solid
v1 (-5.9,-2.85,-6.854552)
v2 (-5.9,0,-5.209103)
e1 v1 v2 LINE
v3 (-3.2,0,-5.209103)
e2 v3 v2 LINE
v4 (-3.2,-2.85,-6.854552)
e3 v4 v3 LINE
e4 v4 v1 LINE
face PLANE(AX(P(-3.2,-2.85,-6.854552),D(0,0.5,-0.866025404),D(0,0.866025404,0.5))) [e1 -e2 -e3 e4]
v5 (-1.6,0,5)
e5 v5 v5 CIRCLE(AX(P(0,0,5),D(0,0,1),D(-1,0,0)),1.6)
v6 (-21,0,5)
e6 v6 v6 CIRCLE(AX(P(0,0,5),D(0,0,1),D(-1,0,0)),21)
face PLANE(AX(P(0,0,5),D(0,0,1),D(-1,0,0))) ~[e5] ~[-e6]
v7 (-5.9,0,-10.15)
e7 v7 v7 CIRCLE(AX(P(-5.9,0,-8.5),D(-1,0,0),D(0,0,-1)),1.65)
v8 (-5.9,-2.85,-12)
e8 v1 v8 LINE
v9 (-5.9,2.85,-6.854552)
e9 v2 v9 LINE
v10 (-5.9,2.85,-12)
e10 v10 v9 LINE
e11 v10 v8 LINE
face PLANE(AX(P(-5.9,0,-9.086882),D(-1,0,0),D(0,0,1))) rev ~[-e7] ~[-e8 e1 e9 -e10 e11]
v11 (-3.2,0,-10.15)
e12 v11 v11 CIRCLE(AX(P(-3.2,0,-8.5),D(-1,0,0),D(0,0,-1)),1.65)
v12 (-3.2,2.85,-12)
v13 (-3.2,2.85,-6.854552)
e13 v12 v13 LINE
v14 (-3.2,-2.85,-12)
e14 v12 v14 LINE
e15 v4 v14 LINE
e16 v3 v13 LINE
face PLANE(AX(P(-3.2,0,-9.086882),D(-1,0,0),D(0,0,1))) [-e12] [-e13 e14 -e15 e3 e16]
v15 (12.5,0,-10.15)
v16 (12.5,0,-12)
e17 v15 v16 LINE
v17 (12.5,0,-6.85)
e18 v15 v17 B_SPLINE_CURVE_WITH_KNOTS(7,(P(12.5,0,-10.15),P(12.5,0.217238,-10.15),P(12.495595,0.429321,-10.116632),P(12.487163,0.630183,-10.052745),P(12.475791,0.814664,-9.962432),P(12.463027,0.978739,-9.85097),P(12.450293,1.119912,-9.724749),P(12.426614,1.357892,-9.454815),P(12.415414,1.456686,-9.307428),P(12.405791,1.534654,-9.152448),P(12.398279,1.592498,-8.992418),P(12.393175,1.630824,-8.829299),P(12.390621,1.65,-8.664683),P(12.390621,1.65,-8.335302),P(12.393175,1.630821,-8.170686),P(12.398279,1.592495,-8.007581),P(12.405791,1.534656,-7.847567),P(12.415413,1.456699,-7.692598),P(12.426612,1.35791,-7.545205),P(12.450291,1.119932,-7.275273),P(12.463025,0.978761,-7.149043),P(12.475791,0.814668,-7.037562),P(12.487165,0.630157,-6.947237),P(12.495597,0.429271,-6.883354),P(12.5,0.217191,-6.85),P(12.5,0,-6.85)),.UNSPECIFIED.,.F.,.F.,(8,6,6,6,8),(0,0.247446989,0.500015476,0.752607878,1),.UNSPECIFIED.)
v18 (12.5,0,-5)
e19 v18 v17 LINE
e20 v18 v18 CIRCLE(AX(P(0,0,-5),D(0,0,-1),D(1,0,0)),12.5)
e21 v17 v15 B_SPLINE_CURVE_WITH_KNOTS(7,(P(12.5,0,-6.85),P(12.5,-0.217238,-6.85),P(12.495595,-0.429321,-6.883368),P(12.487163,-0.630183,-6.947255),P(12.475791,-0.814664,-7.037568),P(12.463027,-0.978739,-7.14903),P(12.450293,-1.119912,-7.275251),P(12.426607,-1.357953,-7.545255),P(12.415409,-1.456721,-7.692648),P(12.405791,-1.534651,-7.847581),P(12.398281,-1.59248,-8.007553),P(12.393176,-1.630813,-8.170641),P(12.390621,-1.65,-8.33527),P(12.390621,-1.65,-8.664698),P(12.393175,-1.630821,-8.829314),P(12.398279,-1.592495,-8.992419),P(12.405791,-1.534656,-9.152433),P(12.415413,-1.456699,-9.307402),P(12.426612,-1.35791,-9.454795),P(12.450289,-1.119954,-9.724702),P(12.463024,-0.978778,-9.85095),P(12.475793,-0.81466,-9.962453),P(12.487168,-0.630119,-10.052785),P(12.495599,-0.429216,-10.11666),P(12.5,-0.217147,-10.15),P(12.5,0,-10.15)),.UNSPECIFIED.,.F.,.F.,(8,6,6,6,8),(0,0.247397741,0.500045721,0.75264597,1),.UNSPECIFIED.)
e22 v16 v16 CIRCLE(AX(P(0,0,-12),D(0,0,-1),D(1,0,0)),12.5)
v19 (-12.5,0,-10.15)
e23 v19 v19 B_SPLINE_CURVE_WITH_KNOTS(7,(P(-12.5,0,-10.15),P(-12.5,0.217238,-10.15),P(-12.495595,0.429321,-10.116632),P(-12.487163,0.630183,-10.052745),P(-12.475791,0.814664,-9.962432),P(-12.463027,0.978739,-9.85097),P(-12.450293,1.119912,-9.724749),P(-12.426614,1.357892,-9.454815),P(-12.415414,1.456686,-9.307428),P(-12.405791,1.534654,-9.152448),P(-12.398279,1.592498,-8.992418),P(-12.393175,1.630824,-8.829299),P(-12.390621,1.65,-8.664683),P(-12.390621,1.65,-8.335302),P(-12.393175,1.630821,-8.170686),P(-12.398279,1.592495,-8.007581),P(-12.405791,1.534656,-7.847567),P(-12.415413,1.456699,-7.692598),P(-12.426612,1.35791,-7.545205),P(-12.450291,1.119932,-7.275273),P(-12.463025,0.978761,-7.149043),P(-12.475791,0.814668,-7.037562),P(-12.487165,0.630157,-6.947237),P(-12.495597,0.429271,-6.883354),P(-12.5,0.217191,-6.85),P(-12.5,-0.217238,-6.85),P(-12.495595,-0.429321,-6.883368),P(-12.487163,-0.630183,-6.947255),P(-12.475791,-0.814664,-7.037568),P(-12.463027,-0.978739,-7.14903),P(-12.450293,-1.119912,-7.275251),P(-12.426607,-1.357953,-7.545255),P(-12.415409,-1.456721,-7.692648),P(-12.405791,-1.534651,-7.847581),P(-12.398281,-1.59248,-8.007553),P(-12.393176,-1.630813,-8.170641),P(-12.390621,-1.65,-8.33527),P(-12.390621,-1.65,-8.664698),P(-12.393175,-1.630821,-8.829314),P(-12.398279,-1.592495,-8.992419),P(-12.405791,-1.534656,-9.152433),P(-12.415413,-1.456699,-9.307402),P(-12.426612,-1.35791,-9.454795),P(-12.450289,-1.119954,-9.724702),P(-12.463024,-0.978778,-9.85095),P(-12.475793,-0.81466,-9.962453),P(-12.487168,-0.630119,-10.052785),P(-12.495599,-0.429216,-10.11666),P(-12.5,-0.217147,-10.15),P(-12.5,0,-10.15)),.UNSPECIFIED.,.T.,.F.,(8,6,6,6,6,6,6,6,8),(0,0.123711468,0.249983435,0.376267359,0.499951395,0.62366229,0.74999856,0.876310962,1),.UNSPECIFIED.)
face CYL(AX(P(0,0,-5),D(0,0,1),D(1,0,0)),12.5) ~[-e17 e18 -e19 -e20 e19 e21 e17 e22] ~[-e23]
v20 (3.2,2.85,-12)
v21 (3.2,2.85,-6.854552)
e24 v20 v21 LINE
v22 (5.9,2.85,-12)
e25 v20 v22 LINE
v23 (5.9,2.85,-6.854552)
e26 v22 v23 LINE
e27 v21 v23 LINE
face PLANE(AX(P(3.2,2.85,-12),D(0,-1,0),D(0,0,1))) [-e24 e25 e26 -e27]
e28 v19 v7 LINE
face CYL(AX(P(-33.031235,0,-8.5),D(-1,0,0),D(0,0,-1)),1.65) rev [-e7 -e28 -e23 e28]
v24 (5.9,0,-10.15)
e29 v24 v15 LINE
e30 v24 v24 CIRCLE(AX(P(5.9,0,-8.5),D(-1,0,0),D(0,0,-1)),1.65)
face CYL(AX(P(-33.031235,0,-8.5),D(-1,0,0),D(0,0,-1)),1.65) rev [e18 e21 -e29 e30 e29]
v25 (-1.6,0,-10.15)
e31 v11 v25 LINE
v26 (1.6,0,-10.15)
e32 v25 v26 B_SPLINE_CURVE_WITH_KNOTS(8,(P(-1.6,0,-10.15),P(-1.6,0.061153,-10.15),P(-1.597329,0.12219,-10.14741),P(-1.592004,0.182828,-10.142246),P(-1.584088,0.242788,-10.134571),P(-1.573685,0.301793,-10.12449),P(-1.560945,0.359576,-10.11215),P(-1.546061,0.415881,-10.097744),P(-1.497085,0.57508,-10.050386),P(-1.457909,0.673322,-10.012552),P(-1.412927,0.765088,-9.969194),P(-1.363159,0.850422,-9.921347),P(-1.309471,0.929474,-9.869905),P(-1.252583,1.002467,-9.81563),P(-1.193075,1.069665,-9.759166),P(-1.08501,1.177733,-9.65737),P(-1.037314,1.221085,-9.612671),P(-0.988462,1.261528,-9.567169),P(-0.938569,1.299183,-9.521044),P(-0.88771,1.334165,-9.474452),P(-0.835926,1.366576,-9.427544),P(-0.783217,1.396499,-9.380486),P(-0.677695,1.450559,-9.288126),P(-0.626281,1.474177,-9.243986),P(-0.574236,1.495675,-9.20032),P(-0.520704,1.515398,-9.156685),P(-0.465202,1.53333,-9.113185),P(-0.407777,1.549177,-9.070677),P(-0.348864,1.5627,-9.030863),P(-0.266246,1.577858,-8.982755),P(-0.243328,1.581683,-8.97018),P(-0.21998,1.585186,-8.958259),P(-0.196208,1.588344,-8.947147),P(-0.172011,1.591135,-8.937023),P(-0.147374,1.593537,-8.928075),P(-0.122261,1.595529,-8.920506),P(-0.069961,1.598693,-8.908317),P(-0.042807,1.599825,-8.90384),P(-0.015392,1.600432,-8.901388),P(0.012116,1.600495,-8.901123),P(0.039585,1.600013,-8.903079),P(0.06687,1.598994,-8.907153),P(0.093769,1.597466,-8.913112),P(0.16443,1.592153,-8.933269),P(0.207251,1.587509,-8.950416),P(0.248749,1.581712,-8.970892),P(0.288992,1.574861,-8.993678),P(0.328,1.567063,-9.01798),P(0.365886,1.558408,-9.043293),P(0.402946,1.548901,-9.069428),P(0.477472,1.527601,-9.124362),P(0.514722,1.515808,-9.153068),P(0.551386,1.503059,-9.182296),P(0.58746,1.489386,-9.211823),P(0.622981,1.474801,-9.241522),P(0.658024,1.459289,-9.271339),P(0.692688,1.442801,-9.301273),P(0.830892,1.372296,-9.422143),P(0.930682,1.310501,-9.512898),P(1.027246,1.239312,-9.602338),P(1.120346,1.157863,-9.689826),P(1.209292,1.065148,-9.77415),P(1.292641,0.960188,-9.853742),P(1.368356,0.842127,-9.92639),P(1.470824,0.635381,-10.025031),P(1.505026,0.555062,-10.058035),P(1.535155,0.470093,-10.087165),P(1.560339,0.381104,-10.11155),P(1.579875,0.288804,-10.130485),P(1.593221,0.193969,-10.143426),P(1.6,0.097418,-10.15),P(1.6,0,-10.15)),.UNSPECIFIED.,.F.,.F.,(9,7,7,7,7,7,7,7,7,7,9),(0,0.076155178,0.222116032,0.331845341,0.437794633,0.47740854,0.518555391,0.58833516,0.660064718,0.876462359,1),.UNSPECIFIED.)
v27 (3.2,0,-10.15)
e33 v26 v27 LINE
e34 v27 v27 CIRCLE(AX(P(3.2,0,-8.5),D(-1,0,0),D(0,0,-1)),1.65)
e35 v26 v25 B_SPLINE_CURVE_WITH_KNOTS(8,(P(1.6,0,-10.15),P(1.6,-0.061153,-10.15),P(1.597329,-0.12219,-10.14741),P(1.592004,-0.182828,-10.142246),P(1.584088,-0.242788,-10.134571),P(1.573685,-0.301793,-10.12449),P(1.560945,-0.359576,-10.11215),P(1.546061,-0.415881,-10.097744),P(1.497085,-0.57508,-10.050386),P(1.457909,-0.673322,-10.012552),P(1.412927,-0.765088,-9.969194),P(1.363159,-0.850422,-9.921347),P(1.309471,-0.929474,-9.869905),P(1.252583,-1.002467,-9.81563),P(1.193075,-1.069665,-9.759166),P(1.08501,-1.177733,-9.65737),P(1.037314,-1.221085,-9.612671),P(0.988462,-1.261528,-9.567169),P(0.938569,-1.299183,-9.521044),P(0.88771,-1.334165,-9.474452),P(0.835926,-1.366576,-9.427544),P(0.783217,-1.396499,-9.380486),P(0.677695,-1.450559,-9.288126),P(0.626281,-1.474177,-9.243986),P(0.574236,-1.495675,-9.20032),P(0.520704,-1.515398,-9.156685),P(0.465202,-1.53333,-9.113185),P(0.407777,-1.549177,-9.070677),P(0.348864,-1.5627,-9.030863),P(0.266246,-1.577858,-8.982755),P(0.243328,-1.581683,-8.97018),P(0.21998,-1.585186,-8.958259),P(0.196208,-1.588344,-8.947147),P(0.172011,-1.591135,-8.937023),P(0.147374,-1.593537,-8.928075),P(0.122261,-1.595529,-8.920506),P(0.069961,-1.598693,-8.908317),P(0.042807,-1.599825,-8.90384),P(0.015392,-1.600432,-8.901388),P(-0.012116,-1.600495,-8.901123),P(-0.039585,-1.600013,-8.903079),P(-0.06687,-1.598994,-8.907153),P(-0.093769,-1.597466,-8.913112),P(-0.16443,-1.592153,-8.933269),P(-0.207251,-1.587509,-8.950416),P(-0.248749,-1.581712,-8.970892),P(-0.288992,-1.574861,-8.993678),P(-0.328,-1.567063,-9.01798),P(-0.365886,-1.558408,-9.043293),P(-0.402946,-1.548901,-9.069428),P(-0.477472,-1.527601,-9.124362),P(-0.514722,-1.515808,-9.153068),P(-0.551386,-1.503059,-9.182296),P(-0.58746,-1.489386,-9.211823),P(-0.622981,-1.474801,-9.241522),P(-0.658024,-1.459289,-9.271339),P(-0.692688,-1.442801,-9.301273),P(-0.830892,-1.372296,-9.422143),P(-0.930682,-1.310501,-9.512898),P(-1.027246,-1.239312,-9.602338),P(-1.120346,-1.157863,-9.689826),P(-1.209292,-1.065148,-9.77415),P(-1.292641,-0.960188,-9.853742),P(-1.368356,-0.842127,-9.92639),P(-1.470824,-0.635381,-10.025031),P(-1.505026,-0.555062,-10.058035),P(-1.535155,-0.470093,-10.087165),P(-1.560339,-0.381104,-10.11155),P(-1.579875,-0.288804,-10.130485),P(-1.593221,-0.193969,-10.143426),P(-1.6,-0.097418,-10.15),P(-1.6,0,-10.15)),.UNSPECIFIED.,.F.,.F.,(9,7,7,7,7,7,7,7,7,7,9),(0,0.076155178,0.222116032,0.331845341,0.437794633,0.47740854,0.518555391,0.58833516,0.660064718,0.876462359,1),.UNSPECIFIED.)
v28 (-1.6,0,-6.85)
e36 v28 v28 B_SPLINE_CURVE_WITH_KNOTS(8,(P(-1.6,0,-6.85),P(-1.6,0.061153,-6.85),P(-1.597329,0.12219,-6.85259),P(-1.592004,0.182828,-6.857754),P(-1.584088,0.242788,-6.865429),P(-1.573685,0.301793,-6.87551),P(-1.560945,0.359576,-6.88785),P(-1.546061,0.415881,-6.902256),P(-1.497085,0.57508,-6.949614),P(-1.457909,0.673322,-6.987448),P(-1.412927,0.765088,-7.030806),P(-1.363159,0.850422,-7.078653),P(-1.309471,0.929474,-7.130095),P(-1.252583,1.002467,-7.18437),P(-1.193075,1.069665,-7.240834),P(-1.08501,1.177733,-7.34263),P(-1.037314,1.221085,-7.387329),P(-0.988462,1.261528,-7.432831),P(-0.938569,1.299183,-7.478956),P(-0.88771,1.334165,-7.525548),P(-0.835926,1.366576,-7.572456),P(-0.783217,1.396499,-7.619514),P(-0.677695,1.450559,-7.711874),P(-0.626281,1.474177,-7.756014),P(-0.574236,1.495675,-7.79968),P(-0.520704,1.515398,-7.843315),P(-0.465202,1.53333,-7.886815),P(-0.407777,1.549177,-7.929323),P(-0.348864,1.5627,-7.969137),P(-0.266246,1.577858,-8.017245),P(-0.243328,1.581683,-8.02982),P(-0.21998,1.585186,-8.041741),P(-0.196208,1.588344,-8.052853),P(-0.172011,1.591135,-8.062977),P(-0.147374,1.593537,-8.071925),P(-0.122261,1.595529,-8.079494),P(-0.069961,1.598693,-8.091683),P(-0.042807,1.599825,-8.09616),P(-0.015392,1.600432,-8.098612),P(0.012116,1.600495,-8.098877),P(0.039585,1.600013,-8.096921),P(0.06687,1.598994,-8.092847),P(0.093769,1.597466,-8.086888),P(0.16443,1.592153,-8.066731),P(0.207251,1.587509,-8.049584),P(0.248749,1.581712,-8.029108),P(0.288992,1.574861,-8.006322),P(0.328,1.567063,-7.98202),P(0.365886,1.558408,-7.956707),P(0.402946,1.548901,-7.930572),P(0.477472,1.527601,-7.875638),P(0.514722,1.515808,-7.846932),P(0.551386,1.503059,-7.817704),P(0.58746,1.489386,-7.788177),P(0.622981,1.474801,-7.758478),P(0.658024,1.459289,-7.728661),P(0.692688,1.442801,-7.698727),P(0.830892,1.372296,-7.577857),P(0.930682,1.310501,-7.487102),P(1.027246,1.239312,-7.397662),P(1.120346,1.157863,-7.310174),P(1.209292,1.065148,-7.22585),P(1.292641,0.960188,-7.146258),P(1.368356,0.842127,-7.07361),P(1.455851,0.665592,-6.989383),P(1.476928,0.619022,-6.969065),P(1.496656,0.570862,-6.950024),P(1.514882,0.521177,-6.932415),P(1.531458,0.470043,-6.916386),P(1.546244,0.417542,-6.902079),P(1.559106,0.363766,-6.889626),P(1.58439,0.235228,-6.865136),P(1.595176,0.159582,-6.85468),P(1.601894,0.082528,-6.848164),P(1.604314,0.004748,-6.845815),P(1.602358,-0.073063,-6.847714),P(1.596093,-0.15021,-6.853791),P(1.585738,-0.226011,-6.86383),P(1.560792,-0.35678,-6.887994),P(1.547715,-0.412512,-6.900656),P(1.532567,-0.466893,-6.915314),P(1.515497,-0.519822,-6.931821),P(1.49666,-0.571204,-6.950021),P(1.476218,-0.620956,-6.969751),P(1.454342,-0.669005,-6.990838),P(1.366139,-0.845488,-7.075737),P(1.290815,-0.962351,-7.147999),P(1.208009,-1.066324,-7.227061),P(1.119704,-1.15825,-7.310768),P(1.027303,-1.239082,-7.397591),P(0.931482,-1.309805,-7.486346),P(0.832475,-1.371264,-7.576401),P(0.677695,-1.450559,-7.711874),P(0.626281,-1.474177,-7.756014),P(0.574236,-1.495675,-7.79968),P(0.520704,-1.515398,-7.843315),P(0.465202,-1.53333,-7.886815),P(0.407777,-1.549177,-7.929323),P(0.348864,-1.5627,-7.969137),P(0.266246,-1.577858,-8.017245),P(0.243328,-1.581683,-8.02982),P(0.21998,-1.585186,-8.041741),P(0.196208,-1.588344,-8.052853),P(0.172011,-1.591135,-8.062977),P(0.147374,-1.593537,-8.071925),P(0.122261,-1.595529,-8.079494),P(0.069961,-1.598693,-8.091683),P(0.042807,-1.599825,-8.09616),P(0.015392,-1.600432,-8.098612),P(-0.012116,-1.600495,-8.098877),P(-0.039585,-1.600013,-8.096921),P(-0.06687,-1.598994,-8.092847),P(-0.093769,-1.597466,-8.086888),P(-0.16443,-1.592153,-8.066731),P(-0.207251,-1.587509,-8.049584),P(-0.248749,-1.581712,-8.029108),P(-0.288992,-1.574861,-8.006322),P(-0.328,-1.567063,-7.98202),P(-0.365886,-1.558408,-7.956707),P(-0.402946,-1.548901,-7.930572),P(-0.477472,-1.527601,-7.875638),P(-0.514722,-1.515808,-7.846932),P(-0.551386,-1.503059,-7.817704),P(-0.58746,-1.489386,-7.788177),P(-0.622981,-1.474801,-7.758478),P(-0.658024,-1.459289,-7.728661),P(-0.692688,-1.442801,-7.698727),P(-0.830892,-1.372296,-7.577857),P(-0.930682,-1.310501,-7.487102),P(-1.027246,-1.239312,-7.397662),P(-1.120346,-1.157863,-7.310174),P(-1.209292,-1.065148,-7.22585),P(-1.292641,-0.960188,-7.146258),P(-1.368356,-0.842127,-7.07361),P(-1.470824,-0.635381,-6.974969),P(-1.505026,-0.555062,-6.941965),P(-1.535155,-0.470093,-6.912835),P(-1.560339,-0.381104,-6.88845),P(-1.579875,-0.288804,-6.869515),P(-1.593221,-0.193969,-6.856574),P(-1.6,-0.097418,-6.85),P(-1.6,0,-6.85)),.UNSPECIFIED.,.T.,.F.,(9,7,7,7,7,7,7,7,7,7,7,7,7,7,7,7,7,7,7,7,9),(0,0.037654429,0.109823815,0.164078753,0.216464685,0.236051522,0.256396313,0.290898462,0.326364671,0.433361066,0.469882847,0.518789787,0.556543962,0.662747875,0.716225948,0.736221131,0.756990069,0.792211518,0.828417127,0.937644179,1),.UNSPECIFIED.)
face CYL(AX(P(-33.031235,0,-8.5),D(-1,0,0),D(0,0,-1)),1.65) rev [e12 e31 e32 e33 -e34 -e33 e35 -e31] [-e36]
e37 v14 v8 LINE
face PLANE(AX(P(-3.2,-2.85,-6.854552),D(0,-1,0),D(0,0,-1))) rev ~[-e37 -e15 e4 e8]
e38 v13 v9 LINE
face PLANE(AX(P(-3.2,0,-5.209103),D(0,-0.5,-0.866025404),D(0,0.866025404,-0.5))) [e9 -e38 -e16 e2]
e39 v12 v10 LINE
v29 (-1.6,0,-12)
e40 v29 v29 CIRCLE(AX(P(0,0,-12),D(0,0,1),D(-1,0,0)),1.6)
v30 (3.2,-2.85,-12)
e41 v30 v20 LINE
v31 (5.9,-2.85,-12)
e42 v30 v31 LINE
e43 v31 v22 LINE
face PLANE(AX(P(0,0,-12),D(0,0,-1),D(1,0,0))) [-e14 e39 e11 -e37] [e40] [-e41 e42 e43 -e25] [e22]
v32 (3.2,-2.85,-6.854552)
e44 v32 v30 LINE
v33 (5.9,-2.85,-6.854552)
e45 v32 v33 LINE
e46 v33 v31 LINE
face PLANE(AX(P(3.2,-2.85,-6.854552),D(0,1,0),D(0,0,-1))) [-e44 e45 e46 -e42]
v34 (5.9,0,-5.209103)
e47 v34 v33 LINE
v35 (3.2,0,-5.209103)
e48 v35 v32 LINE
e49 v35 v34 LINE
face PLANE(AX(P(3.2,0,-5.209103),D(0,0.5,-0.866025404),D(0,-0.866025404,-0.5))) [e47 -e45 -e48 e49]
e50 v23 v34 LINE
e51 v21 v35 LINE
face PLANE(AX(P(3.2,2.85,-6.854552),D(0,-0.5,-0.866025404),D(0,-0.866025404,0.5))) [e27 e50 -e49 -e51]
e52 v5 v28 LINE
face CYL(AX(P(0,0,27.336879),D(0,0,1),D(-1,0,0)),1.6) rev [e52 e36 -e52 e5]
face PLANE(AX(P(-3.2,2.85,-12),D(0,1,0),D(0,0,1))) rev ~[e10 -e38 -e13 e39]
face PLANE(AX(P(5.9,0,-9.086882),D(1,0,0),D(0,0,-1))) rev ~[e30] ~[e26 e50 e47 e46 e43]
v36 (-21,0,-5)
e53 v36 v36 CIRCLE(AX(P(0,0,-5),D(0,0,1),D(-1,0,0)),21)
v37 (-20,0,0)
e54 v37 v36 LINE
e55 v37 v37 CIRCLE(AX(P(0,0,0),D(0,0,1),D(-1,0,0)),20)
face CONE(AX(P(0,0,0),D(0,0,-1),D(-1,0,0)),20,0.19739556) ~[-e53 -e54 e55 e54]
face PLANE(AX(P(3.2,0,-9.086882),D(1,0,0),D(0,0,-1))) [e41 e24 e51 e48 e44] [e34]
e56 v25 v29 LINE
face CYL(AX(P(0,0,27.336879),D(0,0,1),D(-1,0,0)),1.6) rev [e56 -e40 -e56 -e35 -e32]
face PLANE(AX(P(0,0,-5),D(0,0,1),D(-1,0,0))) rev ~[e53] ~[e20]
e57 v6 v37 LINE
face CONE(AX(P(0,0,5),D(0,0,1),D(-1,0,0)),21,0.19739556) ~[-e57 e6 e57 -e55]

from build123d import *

# Parameters (mm, degrees)
SKETCH4_R               = 12.5
BOSS_EXTRUDE1_DEPTH     = 7
CUT_EXTRUDE1_DEPTH      = 32.336879232
CUT_EXTRUDE1_DEPTH_BACK = 32.336879232
SKETCH3_R               = 1.6
CUT_EXTRUDE2_DEPTH      = 33.031234756
CUT_EXTRUDE2_DEPTH_BACK = 33.031234756
SKETCH5_R               = 1.65
CUT_EXTRUDE3_DEPTH      = 2.7
CUT_EXTRUDE4_DEPTH      = 2.7


with BuildPart() as part:
    # Sketch2 → Revolve1 (revolve)
    with BuildSketch(Plane(origin=(0, 0, 0), x_dir=(1, 0, 0), z_dir=(0, 1, 0)), mode=Mode.PRIVATE) as revolve1_sk:
        Polygon((0, 5), (0, -5), (21, -5), (20, 0), (21, 5), align=None)
    revolve(revolve1_sk.sketch.rotate(Axis((0, 0, -5), (0, 0, 1)), 180), axis=Axis((0, 0, -5), (0, 0, 1)))

    # Sketch4 → Boss-Extrude1 (add)
    with BuildSketch(Plane(origin=(0, 0, -5), x_dir=(-1, 0, 0), z_dir=(0, 0, -1))):
        with Locations(Location((0, 0, 0), (0, 0, 180))):
            Circle(SKETCH4_R)
    extrude(amount=BOSS_EXTRUDE1_DEPTH)

    # Sketch3 → Cut-Extrude1 (cut, two sides: drawn at the far end of the back side and taken through both)
    with BuildSketch(Plane(origin=(0, 0, -5), x_dir=(-1, 0, 0), z_dir=(0, 0, -1)).offset(-CUT_EXTRUDE1_DEPTH_BACK)):
        Circle(SKETCH3_R)
    extrude(amount=CUT_EXTRUDE1_DEPTH + CUT_EXTRUDE1_DEPTH_BACK, mode=Mode.SUBTRACT)

    # Sketch5 → Cut-Extrude2 (cut, two sides: drawn at the far end of the back side and taken through both)
    with BuildSketch(Plane(origin=(0, 0, 0), x_dir=(0, 0, -1), z_dir=(1, 0, 0)).offset(-CUT_EXTRUDE2_DEPTH_BACK)):
        with Locations((8.5, 0)):
            Circle(SKETCH5_R)
    extrude(amount=CUT_EXTRUDE2_DEPTH + CUT_EXTRUDE2_DEPTH_BACK, mode=Mode.SUBTRACT)

    # Sketch6 → Cut-Extrude3 (cut)
    with BuildSketch(Plane(origin=(-3.2, 0, 0), x_dir=(0, 0, -1), z_dir=(1, 0, 0))):
        Polygon((10.145448267, 2.85), (12, 2.85), (12, -2.85), (10.145448267, -2.85), (6.854551733, -2.85), (5.209103466, 0), (6.854551733, 2.85), align=None)
    extrude(amount=-CUT_EXTRUDE3_DEPTH, mode=Mode.SUBTRACT)

    # Sketch7 → Cut-Extrude4 (cut)
    with BuildSketch(Plane(origin=(3.2, 0, 0), x_dir=(0, 0, -1), z_dir=(1, 0, 0))):
        Polygon((12, 2.85), (10.145448267, 2.85), (6.854551733, 2.85), (5.209103466, 0), (6.854551733, -2.85), (10.145448267, -2.85), (12, -2.85), align=None)
    extrude(amount=CUT_EXTRUDE4_DEPTH, mode=Mode.SUBTRACT)


solid = part.part
